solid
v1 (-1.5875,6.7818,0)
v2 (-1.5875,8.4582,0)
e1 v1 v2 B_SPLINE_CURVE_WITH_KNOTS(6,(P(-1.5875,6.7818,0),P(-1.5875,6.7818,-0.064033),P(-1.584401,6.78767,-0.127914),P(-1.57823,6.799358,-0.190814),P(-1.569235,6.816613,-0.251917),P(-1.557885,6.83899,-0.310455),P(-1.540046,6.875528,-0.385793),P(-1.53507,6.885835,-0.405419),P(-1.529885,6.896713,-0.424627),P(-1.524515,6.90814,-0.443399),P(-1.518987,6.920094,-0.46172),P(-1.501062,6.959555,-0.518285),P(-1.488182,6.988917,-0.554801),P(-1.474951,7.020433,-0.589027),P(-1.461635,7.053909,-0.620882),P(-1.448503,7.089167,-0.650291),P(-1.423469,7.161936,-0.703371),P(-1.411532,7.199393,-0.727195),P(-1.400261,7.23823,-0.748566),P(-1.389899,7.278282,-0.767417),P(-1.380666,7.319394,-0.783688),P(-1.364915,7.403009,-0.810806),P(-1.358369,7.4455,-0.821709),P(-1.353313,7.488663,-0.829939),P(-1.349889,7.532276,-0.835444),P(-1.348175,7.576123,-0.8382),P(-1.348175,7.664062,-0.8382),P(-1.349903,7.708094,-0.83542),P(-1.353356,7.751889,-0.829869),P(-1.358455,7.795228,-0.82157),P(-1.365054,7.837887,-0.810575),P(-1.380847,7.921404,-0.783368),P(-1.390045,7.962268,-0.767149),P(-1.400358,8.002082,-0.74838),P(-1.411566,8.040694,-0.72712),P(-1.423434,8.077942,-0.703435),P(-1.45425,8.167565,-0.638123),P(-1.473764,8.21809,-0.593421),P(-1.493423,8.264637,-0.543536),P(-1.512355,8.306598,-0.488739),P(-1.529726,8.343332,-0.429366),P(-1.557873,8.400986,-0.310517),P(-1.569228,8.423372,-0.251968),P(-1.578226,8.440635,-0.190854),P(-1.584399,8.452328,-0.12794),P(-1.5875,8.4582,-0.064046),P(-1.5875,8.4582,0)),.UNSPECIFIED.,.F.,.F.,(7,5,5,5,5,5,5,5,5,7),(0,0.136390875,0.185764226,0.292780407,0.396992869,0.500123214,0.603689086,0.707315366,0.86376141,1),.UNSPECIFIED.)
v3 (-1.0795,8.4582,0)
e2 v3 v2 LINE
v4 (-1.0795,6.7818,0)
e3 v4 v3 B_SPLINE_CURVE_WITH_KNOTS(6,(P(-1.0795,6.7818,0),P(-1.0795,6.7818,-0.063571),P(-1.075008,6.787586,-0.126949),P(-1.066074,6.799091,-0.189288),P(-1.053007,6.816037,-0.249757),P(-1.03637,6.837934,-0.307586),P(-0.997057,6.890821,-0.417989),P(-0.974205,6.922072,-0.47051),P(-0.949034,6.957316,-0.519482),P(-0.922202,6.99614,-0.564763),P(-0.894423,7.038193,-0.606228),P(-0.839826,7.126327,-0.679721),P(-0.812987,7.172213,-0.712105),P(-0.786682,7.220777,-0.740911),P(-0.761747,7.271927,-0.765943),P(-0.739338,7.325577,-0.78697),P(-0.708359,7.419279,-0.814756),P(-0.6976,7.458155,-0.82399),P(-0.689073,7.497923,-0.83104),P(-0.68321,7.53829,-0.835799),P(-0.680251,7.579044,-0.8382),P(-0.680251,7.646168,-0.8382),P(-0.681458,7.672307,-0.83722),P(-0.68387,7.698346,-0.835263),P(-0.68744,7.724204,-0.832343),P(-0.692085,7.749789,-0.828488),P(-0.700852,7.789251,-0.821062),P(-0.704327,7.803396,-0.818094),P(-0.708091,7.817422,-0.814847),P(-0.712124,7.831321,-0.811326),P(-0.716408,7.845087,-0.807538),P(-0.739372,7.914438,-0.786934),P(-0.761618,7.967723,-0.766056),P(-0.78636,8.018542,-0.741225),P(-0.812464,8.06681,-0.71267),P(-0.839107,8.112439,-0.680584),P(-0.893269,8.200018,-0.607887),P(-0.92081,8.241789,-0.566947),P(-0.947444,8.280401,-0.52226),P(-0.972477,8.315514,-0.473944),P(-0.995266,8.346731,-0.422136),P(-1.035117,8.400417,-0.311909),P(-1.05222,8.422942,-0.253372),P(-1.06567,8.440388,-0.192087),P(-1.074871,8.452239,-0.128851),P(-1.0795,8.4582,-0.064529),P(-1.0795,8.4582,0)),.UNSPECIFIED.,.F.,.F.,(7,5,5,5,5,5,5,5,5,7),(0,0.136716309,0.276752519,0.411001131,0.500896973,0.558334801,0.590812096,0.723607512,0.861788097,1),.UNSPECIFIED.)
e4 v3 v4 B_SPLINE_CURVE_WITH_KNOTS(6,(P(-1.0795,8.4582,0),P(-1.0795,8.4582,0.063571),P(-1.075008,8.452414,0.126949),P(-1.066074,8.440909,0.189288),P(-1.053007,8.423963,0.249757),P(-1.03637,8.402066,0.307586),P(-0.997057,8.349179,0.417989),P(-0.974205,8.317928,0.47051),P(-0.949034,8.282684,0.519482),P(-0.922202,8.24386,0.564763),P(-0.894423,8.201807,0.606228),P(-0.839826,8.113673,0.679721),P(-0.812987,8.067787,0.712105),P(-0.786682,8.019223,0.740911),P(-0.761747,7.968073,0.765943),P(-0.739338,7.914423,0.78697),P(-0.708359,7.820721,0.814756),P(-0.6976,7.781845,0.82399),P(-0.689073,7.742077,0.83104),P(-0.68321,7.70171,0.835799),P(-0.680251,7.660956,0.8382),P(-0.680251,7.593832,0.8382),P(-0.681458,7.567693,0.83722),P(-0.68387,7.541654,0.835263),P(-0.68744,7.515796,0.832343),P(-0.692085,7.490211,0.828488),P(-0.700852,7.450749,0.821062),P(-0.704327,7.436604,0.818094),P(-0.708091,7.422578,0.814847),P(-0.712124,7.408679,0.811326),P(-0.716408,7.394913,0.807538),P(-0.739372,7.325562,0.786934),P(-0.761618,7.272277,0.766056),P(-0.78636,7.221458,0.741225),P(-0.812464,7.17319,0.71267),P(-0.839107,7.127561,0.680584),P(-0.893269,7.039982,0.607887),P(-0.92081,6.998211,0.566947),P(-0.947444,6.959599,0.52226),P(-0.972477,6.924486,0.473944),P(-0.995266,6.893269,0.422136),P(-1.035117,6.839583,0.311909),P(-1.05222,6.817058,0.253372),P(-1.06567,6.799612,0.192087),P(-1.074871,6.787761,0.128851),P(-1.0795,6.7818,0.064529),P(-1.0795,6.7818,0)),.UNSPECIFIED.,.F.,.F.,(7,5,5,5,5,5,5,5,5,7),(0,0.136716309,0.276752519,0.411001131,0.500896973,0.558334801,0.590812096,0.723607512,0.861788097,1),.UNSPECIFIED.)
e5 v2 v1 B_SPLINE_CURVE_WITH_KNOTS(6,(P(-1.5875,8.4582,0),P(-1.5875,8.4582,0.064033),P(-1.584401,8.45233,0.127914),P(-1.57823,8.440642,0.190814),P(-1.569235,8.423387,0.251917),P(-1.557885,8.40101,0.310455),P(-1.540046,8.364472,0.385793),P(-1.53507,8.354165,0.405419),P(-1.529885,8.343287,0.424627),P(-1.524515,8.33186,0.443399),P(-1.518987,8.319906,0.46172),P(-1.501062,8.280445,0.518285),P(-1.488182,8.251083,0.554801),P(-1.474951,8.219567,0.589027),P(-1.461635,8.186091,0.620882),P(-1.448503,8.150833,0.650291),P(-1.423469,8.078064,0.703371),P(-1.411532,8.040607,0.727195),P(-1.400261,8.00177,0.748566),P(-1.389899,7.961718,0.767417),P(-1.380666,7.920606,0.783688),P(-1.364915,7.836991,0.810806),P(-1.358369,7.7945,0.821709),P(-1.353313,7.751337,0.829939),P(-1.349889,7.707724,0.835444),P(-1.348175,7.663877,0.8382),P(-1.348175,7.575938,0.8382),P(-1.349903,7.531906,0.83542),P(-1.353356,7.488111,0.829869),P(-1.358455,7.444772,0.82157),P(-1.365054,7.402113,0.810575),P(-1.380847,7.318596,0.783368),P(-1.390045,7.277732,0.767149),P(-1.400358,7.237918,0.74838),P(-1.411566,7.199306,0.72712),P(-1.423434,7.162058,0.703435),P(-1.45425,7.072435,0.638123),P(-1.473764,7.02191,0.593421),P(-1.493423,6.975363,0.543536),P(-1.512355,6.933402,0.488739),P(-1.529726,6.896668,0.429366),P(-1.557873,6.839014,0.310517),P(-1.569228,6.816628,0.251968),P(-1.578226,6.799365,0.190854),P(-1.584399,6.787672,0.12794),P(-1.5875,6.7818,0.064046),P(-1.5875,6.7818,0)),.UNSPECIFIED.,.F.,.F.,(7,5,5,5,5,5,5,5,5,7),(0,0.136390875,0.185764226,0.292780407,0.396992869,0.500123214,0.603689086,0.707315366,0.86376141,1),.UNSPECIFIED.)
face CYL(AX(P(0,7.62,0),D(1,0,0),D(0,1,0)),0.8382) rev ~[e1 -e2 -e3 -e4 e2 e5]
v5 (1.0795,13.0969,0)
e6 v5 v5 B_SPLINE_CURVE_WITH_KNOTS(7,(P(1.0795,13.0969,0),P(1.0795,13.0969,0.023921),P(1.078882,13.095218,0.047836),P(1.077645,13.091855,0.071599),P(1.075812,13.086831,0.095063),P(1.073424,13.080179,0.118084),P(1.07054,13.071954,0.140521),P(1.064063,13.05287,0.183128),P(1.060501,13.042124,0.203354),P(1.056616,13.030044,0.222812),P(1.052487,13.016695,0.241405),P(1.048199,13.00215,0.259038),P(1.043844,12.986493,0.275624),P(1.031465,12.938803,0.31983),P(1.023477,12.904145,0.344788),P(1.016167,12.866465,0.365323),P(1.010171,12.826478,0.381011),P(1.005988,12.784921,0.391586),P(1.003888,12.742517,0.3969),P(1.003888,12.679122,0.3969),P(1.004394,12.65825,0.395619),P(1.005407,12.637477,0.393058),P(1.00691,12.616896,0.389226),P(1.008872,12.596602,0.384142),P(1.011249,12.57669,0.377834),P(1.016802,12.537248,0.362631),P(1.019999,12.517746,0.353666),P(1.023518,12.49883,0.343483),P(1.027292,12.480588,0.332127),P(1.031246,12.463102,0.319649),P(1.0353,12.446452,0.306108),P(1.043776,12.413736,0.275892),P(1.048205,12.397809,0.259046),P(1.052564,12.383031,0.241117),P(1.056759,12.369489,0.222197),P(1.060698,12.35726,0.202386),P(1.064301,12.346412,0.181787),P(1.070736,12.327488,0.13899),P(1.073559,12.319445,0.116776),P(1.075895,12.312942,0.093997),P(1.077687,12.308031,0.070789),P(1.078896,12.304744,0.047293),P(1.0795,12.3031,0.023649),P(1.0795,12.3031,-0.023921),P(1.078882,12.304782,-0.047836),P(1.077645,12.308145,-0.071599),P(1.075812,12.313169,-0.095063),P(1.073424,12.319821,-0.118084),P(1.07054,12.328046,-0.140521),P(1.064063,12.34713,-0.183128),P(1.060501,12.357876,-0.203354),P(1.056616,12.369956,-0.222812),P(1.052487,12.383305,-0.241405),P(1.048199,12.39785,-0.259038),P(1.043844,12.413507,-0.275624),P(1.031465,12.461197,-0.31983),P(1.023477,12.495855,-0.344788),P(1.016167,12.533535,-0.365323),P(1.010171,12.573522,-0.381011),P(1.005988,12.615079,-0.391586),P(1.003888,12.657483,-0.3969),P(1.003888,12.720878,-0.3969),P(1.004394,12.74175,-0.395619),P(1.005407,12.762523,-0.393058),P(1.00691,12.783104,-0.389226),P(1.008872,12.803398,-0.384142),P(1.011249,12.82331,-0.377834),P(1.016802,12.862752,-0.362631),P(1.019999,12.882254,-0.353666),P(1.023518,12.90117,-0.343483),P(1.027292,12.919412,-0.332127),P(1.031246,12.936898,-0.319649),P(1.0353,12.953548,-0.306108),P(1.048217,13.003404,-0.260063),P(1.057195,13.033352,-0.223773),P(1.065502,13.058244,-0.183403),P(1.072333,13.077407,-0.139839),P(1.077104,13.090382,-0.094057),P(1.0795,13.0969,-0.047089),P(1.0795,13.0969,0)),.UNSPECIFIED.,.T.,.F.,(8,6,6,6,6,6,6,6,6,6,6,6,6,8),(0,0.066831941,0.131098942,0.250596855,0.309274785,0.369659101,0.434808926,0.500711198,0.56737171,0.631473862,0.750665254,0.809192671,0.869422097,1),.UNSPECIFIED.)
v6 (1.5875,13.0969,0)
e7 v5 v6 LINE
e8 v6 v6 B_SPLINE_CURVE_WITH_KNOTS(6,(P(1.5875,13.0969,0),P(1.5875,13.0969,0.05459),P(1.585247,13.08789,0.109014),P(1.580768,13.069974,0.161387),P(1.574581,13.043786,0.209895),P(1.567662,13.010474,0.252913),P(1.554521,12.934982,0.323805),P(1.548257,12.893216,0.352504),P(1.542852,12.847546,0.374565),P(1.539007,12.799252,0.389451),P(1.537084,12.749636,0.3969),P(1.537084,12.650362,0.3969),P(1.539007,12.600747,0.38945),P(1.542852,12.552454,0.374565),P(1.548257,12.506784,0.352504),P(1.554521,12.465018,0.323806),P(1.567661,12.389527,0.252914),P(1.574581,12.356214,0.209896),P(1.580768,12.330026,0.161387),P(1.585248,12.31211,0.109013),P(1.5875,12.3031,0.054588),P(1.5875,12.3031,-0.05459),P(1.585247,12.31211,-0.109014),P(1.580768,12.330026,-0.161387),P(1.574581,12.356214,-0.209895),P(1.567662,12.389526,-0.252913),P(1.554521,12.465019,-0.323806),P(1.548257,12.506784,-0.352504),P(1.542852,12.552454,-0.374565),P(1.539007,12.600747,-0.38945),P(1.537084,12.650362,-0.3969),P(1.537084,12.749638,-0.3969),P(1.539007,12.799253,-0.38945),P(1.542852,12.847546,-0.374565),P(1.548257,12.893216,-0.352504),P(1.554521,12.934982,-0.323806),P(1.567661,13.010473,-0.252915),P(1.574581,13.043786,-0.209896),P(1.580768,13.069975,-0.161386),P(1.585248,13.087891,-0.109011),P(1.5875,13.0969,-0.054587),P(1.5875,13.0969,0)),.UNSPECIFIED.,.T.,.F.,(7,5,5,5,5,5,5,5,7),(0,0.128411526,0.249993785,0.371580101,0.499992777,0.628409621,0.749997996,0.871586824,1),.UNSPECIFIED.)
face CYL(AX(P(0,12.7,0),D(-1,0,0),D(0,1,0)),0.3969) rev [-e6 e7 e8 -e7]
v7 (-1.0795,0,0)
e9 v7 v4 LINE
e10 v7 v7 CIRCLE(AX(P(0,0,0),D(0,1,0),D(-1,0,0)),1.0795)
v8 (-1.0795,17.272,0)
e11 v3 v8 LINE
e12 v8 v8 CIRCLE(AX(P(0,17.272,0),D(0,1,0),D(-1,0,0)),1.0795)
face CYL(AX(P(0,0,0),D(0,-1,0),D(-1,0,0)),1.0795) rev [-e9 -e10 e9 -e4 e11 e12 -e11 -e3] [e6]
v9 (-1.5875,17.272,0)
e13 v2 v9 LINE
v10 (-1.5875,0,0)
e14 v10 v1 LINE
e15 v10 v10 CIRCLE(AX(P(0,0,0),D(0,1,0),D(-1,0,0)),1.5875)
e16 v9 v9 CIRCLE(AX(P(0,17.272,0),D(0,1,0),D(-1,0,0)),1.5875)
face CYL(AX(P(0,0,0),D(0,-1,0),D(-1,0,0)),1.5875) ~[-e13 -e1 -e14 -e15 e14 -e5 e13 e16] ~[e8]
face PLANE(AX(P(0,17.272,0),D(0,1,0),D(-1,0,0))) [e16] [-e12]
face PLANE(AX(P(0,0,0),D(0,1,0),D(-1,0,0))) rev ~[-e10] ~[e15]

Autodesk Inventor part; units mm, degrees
ref_plane "YZ Plane" through (0, 0, 0) normal (1, 0, 0) x (0, 1, 0)
ref_plane "XZ Plane" through (0, 0, 0) normal (0, 1, 0) x (-1, 0, 0)
ref_plane "XY Plane" through (0, 0, 0) normal (0, 0, 1) x (1, 0, 0)
sketch "Sketch1" plane through (0, 0, 0) normal (0, 1, 0) x (-1, 0, 0)
  circle A0 centre (0, 0) radius 1.0795
  circle A1 centre (0, 0) radius 1.5875
  dimension "d0" = 2.159
  dimension "d1" = 3.175
extrude "Extrusion1" add sketch "Sketch1" along normal blind 17.272
sketch "Sketch2" plane through (0, 0, 0) normal (1, 0, 0) x (0, 1, 0)
  circle A0 centre (7.62, 0) radius 0.8382
  line L0 (17.272, -1.5875) -> (17.272, 1.5875) projected
  circle A1 centre (12.7, 0) radius 0.3969
  line L1 (17.272, 1.0795) -> (17.272, -1.0795) projected
  point P0 (0, 0)
  dimension "d4" = 1.6764
  dimension "d5" = 9.652
  dimension "d8" = 0.7937
  dimension "d9" = 4.572
extrude "Extrusion2" cut sketch "Sketch2" against normal blind 17.272 contours A0
extrude "Extrusion3" cut sketch "Sketch2" along normal blind 25.4 contours A1
properties part number "Valve Tube"
